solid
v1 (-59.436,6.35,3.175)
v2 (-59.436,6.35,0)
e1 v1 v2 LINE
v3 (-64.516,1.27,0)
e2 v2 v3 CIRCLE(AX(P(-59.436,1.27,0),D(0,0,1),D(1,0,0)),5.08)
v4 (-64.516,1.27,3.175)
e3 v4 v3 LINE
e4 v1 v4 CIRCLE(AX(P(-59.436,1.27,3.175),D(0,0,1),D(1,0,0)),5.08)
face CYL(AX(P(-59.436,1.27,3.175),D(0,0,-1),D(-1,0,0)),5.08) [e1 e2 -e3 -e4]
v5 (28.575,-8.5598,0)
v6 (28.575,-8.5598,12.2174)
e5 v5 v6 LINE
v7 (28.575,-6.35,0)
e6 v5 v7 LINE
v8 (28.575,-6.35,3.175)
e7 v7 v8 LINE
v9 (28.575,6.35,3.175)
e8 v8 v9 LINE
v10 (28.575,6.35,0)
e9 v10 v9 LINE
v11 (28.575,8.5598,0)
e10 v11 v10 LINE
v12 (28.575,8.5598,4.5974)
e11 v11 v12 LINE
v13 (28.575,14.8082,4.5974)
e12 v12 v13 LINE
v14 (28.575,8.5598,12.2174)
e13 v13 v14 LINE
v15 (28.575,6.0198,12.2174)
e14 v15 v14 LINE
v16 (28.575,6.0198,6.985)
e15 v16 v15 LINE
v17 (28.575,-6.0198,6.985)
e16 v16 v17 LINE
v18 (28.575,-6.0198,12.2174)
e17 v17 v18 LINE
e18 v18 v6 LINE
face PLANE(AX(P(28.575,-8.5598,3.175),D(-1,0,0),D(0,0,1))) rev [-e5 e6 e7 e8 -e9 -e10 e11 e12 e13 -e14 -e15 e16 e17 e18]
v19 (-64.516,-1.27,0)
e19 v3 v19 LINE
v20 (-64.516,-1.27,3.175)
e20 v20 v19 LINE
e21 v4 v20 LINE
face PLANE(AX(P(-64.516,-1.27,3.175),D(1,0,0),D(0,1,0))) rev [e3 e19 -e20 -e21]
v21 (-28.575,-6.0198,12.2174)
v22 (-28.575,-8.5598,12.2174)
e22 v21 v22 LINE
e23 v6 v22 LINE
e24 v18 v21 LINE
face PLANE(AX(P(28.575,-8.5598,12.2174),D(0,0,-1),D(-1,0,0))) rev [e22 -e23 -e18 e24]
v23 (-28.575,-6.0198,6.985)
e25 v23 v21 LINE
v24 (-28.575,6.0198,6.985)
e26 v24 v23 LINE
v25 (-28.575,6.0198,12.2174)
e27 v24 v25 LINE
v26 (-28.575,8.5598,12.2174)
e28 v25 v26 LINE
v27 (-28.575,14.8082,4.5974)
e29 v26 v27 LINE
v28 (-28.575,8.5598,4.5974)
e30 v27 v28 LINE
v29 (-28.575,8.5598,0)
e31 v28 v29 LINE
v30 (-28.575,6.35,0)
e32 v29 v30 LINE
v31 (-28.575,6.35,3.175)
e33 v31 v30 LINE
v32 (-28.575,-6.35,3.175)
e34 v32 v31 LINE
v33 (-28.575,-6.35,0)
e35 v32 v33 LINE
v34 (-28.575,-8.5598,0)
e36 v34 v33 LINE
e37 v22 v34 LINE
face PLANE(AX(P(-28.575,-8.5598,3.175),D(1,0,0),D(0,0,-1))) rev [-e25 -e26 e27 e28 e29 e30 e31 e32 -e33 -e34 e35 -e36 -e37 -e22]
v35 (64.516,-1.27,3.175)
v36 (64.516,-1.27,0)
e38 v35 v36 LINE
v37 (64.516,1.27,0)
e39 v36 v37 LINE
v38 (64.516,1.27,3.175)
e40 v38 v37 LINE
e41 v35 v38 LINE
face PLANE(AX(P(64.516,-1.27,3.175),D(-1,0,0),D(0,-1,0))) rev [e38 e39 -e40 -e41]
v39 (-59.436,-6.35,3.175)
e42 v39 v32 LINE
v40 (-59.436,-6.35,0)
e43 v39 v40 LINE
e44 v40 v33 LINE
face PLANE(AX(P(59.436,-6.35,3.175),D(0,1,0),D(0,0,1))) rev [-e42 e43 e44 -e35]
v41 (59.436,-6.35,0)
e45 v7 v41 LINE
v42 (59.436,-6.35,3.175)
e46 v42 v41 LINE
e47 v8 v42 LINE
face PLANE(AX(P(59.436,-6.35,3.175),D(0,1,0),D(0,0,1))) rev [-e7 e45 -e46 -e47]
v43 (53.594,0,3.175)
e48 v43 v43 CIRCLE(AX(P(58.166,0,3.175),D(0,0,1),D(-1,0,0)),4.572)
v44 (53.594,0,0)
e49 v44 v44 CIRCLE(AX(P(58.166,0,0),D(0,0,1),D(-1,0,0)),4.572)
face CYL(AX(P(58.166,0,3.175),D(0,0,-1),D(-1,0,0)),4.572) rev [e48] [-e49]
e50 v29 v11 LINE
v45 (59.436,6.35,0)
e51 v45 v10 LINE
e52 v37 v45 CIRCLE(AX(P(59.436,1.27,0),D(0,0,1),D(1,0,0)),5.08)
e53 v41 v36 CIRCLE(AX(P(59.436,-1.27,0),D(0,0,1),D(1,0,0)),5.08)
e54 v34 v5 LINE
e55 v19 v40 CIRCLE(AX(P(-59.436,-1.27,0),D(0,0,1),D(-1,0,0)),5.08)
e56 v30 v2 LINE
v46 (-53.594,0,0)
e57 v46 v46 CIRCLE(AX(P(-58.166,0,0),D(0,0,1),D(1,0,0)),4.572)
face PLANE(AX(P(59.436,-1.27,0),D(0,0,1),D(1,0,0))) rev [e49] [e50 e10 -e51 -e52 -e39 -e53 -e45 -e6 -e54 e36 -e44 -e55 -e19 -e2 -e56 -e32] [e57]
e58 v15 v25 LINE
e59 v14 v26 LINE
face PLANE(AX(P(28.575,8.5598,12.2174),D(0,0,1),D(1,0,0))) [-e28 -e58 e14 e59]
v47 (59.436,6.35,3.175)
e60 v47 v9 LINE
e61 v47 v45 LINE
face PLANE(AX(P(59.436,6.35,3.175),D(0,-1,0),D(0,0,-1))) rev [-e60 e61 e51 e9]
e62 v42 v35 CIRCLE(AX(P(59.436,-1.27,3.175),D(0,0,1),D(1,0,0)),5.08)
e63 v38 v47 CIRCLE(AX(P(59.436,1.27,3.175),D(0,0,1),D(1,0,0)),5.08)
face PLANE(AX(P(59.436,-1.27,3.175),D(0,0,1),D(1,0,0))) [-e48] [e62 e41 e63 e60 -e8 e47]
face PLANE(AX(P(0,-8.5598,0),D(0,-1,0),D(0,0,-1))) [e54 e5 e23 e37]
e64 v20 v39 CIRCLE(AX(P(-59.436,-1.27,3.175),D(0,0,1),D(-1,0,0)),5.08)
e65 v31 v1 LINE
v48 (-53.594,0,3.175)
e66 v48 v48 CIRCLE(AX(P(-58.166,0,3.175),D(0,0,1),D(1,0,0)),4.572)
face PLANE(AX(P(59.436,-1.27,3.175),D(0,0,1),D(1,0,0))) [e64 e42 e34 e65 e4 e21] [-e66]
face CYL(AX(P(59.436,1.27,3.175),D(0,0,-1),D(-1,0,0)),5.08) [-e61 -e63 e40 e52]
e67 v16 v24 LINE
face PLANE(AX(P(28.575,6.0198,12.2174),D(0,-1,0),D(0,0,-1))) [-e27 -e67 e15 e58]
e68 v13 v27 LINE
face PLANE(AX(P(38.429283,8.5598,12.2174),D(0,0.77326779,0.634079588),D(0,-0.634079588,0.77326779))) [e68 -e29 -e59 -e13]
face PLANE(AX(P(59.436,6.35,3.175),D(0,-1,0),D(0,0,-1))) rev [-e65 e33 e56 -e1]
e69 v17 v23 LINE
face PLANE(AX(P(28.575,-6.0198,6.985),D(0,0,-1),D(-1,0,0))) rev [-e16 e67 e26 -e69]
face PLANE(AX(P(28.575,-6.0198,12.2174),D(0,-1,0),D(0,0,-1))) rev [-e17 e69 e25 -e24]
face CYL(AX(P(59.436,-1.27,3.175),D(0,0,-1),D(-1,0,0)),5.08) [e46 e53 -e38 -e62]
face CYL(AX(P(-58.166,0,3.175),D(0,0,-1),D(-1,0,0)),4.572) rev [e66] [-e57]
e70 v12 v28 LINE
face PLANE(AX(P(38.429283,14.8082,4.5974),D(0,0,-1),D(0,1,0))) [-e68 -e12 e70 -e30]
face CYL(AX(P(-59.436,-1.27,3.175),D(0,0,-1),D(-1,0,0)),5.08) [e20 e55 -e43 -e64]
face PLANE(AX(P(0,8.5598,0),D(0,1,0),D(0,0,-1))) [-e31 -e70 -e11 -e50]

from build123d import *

# Parameters (mm, degrees)
SKETCH1_R           = 4.572
BOSS_EXTRUDE1_DEPTH = 3.175
SKETCH2_W           = 57.15
SKETCH2_H           = 3.175
BOSS_EXTRUDE2_DEPTH = 2.2098
BOSS_EXTRUDE3_DEPTH = 28.575
BOSS_EXTRUDE4_DEPTH = 57.15


with BuildPart() as part:
    # Sketch1 → Boss-Extrude1 (new body)
    with BuildSketch(Plane.XY):
        with BuildLine():
            Line((59.436, -6.35), (-59.436, -6.35))
            ThreePointArc((-59.436, -6.35), (-63.028102448, -4.862102448), (-64.516, -1.27))
            Line((-64.516, -1.27), (-64.516, 1.27))
            ThreePointArc((-64.516, 1.27), (-63.028102448, 4.862102448), (-59.436, 6.35))
            Line((-59.436, 6.35), (59.436, 6.35))
            ThreePointArc((59.436, 6.35), (63.028102448, 4.862102448), (64.516, 1.27))
            Line((64.516, 1.27), (64.516, -1.27))
            ThreePointArc((64.516, -1.27), (63.028102448, -4.862102448), (59.436, -6.35))
        make_face()
        with Locations((-58.166, 0)):
            Circle(SKETCH1_R, mode=Mode.SUBTRACT)
        with Locations(Location((58.166, 0, 0), (0, 0, 180))):
            Circle(SKETCH1_R, mode=Mode.SUBTRACT)
    extrude(amount=BOSS_EXTRUDE1_DEPTH)

    # Sketch2 → Boss-Extrude2 (add)
    with BuildSketch(Plane.XZ.offset(6.35)):
        with Locations((0, 1.5875)):
            Rectangle(SKETCH2_W, SKETCH2_H)
    boss_extrude2 = extrude(amount=BOSS_EXTRUDE2_DEPTH)

    # Sketch3 → Boss-Extrude3 (add, symmetric)
    with BuildSketch(Plane(origin=(0, 0, 0), x_dir=(0, 0, -1), z_dir=(1, 0, 0))):
        Polygon((-3.175, -8.5598), (-12.2174, -8.5598), (-12.2174, -6.0198), (-6.985, -6.0198), (-6.985, 0.3302), (-3.175, 0.3302), align=None)
    boss_extrude3 = extrude(amount=BOSS_EXTRUDE3_DEPTH, both=True)

    # Mirror1: Boss-Extrude2, Boss-Extrude3 across plane
    add(boss_extrude2.mirror(Plane.ZX))
    add(boss_extrude3.mirror(Plane.ZX))

    # Sketch7 → Boss-Extrude4 (add)
    with BuildSketch(Plane.ZY.offset(28.575)):
        Polygon((12.2174, 8.5598), (4.5974, 14.8082), (4.5974, 8.5598), align=None)
    extrude(amount=-BOSS_EXTRUDE4_DEPTH)


solid = part.part
